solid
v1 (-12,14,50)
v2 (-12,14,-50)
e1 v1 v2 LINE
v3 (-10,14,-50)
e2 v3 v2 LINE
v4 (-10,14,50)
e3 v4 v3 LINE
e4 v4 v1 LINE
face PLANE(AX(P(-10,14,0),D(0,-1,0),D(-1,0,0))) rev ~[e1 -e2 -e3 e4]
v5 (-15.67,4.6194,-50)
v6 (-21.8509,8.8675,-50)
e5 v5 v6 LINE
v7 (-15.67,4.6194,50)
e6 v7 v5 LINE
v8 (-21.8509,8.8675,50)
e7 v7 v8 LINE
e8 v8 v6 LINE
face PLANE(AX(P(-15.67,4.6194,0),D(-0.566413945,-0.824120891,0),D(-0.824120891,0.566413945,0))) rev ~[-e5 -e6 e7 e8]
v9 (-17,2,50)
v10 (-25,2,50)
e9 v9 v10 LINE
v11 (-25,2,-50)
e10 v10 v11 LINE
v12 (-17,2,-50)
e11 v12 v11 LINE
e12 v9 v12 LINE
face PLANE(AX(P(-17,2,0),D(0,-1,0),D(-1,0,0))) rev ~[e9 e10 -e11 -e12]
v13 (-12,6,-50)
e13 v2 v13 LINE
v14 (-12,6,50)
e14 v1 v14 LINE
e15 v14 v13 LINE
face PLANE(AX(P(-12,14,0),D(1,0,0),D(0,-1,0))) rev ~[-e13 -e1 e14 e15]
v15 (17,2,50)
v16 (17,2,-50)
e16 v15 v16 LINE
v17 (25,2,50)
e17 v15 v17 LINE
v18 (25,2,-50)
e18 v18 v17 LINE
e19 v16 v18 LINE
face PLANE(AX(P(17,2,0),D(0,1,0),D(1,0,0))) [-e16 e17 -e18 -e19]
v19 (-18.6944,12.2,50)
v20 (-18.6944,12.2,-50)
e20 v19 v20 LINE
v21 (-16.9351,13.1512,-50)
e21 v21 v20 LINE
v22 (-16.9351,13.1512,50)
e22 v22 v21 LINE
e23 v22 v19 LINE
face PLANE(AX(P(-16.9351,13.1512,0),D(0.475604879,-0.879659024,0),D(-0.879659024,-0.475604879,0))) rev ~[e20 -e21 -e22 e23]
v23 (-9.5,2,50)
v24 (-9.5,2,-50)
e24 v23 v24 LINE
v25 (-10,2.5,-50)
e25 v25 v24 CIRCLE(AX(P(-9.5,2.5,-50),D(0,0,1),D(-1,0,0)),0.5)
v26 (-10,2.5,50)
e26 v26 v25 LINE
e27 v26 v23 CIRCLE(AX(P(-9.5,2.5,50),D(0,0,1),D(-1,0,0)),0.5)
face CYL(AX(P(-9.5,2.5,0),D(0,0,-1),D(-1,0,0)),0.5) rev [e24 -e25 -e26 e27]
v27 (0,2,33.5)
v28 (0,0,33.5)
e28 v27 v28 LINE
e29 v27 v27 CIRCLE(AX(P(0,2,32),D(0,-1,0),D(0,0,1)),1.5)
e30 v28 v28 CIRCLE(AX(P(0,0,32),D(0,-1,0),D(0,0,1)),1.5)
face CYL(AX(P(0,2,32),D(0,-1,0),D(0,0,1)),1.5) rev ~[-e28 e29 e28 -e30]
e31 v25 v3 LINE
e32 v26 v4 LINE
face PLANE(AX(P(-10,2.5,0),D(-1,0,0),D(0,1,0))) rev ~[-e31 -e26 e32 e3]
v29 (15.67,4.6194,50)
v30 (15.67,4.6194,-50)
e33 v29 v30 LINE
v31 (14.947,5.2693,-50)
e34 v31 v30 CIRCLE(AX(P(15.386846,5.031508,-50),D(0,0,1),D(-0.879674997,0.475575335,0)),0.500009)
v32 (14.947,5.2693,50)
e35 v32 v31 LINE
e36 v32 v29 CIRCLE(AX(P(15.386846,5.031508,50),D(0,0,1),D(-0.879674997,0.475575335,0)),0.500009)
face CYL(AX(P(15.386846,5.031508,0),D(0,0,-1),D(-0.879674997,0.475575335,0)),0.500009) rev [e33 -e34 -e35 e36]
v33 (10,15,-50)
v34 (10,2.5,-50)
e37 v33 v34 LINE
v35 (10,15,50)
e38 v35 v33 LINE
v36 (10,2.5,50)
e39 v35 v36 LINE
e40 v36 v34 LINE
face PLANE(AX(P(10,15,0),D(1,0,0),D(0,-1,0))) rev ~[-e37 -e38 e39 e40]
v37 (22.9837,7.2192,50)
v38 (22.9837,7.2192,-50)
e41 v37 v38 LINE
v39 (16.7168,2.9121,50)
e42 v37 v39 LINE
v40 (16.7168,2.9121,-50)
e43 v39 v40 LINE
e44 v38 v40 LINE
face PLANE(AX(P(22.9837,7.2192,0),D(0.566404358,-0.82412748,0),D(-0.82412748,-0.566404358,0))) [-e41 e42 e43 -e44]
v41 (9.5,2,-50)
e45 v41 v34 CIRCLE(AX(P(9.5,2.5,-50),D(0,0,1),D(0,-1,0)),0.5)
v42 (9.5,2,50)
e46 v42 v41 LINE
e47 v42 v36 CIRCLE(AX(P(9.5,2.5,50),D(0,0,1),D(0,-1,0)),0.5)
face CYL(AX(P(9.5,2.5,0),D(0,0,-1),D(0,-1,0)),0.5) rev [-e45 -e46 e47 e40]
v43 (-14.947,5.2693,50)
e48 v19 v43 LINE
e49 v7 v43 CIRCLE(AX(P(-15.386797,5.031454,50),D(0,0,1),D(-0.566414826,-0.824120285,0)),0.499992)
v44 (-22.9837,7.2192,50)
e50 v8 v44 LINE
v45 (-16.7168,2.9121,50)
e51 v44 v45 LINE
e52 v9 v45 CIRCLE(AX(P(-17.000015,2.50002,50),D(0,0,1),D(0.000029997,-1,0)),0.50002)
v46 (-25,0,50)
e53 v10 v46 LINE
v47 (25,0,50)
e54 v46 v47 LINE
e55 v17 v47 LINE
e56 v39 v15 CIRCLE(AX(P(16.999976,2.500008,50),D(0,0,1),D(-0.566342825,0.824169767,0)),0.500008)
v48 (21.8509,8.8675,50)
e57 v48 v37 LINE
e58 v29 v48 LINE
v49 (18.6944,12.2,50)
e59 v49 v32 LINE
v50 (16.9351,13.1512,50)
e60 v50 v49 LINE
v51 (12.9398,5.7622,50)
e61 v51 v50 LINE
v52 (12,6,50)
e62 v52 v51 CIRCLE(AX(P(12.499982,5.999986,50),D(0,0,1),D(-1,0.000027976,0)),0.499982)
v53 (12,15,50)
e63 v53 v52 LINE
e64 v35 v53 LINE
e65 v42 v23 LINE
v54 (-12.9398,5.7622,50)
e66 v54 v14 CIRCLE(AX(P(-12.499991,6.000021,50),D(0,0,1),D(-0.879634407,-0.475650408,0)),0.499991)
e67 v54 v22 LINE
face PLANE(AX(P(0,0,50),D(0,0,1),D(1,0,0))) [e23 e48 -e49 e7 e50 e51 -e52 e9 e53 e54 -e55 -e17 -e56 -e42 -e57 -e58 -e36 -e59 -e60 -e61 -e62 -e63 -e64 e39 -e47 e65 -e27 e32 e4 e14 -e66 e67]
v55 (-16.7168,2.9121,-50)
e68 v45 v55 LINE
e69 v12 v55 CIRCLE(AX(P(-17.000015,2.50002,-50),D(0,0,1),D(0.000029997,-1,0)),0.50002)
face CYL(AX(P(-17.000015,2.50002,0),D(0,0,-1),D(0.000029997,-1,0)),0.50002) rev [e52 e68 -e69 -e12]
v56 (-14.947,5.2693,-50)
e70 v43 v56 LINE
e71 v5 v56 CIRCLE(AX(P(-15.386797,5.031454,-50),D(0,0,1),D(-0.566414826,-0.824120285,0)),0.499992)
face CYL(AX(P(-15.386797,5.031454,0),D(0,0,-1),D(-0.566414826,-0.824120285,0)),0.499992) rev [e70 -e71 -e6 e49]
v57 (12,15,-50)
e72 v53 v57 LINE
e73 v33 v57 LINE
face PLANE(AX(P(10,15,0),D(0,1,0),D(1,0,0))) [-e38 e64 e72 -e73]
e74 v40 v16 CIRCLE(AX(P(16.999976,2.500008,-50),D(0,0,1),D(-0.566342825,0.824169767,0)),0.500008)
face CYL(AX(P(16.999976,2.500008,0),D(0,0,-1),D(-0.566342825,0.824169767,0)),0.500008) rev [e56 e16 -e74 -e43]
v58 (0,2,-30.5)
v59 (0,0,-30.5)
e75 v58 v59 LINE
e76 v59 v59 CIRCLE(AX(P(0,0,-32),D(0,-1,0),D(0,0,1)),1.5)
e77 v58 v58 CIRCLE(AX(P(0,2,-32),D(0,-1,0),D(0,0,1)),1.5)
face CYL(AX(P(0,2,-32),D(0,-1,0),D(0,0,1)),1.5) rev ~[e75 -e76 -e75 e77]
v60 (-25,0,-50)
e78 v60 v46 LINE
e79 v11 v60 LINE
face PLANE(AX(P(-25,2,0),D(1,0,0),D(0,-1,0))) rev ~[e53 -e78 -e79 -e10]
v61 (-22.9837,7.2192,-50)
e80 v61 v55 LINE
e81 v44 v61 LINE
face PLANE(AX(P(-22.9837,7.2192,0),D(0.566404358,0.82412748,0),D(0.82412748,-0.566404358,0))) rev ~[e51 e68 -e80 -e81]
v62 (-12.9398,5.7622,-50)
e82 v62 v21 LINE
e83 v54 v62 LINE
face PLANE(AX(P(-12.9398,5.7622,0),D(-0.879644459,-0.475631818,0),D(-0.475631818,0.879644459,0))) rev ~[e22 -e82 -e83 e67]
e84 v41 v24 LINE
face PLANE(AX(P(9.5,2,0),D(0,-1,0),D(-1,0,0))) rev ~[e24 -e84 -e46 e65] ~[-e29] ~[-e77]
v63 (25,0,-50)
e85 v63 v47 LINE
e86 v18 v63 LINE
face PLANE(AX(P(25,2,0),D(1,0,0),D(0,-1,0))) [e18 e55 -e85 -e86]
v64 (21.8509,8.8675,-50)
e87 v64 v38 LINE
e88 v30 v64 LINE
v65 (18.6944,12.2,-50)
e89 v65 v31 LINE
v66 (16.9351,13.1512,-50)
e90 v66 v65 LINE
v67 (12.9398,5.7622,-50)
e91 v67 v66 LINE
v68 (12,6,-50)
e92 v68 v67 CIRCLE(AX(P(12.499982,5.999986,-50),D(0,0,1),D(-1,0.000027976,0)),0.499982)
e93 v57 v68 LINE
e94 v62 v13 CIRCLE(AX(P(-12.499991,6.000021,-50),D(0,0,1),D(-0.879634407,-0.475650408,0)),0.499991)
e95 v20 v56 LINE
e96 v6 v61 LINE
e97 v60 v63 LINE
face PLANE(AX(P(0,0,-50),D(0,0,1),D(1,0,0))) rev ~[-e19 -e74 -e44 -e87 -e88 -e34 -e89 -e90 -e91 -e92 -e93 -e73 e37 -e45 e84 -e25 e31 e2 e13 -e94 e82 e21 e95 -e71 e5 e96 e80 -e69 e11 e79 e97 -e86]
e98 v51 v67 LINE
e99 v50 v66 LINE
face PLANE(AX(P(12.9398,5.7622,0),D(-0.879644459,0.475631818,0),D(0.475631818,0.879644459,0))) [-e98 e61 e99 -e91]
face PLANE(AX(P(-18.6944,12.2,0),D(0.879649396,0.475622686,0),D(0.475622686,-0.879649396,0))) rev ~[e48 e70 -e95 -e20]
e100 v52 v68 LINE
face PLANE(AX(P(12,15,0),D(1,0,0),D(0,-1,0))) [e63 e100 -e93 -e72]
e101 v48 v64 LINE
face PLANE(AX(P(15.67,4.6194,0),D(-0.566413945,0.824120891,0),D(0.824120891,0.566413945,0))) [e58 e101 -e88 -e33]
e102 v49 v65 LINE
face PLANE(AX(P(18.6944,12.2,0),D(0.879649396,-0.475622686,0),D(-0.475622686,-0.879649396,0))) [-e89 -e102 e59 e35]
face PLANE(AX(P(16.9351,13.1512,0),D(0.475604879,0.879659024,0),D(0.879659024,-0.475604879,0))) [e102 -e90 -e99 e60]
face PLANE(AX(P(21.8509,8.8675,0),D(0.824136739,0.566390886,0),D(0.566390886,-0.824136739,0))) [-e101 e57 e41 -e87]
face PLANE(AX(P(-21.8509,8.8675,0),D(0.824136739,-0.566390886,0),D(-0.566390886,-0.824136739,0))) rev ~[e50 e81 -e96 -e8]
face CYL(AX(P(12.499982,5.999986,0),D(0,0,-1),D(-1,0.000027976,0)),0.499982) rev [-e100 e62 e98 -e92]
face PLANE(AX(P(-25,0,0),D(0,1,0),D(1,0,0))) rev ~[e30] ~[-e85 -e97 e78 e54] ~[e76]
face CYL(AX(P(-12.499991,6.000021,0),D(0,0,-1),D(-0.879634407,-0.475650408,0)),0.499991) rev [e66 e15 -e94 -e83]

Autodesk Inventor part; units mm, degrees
ref_plane "YZ Plane" through (0, 0, 0) normal (1, 0, 0) x (0, 1, 0)
ref_plane "XZ Plane" through (0, 0, 0) normal (0, 1, 0) x (-1, 0, 0)
ref_plane "XY Plane" through (0, 0, 0) normal (0, 0, 1) x (1, 0, 0)
sketch "Boceto39" plane through (0, 0, 0) normal (0, 0, 1) x (1, 0, 0)
  line L0 (-25, 0) -> (25, 0)
  line L1 (10, 15) -> (10, 2.5)
  line L2 (9.5, 2) -> (-9.5, 2)
  line L3 (10, 15) -> (12, 15)
  line L4 (12, 15) -> (12, 6)
  line L5 (12.9398, 5.7622) -> (16.9351, 13.1512)
  line L6 (16.9351, 13.1512) -> (18.6944, 12.2)
  line L7 (18.6944, 12.2) -> (14.947, 5.2693)
  line L8 (15.67, 4.6194) -> (21.8509, 8.8675)
  line L9 (21.8509, 8.8675) -> (22.9837, 7.2192)
  line L10 (22.9837, 7.2192) -> (16.7168, 2.9121)
  line L11 (17, 2) -> (25, 2)
  line L12 (25, 2) -> (25, 0)
  line L13 (-10, 2.5) -> (-10, 14)
  line L14 (-10, 14) -> (-12, 14)
  line L15 (-17, 2) -> (-25, 2)
  line L16 (-25, 2) -> (-25, 0)
  arc A0 (25, 0) -> (10, 15) centre (10, 0) ccw construction
  line L17 (-12, 14) -> (-12, 6)
  line L18 (-12.9398, 5.7622) -> (-16.9351, 13.1512)
  line L19 (-16.9351, 13.1512) -> (-18.6944, 12.2)
  line L20 (-18.6944, 12.2) -> (-14.947, 5.2693)
  line L21 (-15.67, 4.6194) -> (-21.8509, 8.8675)
  line L22 (-21.8509, 8.8675) -> (-22.9837, 7.2192)
  line L23 (-22.9837, 7.2192) -> (-16.7168, 2.9121)
  arc A1 (-12.9398, 5.7622) -> (-12, 6) centre (-12.5, 6) ccw
  arc A2 (-15.67, 4.6194) -> (-14.947, 5.2693) centre (-15.3868, 5.0315) ccw
  arc A3 (-17, 2) -> (-16.7168, 2.9121) centre (-17, 2.5) ccw
  arc A4 (12, 6) -> (12.9398, 5.7622) centre (12.5, 6) ccw
  arc A5 (14.947, 5.2693) -> (15.67, 4.6194) centre (15.3868, 5.0315) ccw
  arc A6 (16.7168, 2.9121) -> (17, 2) centre (17, 2.5) ccw
  arc A7 (9.5, 2) -> (10, 2.5) centre (9.5, 2.5) ccw
  arc A8 (-10, 2.5) -> (-9.5, 2) centre (-9.5, 2.5) ccw
  point P0 (0, 0)
  point P1 (0, 0)
  dimension "d373" = 50
  dimension "d374" = 2
  dimension "d375" = 14
  dimension "d376" = 10
  dimension "d377" = 10
  dimension "d378" = 28.4
  dimension "d379" = 27.1
  dimension "d380" = 28.4
  dimension "d381" = 27.1
  dimension "d382" = 0.5
  dimension "d383" = 4
  dimension "d384" = 17
  dimension "d385" = 17
  dimension "d386" = 8.4
  dimension "d387" = 7.5
extrude "Extrusión13" add sketch "Boceto39" along normal mid plane 100
sketch "Boceto40" plane through (-9.5, 2, 50) normal (0, 1, 0) x (1, 0, 0)
  line L0 (9.5, 18) -> (9.5, 18) construction
  line L1 (9.5, 18) -> (9.5, 82) construction
  line L2 (9.5, 82) -> (9.5, 82) construction
  line L3 (9.5, 82) -> (9.5, 18) construction
  point P0 (9.5, 50)
  point P1 (9.5, 82)
  point P2 (9.5, 50)
  dimension "d390" = 0
  dimension "d391" = 64
hole "Agujero2" at (0, 2, 32) at (0, 2, 32) at (0, 2, -32) at (0, 2, -32) direction (0, -1, 0) diameter 3 depth 8 tip angle 118
properties part number "CE-ACC-0001" material "Latón, amarillo claro"
